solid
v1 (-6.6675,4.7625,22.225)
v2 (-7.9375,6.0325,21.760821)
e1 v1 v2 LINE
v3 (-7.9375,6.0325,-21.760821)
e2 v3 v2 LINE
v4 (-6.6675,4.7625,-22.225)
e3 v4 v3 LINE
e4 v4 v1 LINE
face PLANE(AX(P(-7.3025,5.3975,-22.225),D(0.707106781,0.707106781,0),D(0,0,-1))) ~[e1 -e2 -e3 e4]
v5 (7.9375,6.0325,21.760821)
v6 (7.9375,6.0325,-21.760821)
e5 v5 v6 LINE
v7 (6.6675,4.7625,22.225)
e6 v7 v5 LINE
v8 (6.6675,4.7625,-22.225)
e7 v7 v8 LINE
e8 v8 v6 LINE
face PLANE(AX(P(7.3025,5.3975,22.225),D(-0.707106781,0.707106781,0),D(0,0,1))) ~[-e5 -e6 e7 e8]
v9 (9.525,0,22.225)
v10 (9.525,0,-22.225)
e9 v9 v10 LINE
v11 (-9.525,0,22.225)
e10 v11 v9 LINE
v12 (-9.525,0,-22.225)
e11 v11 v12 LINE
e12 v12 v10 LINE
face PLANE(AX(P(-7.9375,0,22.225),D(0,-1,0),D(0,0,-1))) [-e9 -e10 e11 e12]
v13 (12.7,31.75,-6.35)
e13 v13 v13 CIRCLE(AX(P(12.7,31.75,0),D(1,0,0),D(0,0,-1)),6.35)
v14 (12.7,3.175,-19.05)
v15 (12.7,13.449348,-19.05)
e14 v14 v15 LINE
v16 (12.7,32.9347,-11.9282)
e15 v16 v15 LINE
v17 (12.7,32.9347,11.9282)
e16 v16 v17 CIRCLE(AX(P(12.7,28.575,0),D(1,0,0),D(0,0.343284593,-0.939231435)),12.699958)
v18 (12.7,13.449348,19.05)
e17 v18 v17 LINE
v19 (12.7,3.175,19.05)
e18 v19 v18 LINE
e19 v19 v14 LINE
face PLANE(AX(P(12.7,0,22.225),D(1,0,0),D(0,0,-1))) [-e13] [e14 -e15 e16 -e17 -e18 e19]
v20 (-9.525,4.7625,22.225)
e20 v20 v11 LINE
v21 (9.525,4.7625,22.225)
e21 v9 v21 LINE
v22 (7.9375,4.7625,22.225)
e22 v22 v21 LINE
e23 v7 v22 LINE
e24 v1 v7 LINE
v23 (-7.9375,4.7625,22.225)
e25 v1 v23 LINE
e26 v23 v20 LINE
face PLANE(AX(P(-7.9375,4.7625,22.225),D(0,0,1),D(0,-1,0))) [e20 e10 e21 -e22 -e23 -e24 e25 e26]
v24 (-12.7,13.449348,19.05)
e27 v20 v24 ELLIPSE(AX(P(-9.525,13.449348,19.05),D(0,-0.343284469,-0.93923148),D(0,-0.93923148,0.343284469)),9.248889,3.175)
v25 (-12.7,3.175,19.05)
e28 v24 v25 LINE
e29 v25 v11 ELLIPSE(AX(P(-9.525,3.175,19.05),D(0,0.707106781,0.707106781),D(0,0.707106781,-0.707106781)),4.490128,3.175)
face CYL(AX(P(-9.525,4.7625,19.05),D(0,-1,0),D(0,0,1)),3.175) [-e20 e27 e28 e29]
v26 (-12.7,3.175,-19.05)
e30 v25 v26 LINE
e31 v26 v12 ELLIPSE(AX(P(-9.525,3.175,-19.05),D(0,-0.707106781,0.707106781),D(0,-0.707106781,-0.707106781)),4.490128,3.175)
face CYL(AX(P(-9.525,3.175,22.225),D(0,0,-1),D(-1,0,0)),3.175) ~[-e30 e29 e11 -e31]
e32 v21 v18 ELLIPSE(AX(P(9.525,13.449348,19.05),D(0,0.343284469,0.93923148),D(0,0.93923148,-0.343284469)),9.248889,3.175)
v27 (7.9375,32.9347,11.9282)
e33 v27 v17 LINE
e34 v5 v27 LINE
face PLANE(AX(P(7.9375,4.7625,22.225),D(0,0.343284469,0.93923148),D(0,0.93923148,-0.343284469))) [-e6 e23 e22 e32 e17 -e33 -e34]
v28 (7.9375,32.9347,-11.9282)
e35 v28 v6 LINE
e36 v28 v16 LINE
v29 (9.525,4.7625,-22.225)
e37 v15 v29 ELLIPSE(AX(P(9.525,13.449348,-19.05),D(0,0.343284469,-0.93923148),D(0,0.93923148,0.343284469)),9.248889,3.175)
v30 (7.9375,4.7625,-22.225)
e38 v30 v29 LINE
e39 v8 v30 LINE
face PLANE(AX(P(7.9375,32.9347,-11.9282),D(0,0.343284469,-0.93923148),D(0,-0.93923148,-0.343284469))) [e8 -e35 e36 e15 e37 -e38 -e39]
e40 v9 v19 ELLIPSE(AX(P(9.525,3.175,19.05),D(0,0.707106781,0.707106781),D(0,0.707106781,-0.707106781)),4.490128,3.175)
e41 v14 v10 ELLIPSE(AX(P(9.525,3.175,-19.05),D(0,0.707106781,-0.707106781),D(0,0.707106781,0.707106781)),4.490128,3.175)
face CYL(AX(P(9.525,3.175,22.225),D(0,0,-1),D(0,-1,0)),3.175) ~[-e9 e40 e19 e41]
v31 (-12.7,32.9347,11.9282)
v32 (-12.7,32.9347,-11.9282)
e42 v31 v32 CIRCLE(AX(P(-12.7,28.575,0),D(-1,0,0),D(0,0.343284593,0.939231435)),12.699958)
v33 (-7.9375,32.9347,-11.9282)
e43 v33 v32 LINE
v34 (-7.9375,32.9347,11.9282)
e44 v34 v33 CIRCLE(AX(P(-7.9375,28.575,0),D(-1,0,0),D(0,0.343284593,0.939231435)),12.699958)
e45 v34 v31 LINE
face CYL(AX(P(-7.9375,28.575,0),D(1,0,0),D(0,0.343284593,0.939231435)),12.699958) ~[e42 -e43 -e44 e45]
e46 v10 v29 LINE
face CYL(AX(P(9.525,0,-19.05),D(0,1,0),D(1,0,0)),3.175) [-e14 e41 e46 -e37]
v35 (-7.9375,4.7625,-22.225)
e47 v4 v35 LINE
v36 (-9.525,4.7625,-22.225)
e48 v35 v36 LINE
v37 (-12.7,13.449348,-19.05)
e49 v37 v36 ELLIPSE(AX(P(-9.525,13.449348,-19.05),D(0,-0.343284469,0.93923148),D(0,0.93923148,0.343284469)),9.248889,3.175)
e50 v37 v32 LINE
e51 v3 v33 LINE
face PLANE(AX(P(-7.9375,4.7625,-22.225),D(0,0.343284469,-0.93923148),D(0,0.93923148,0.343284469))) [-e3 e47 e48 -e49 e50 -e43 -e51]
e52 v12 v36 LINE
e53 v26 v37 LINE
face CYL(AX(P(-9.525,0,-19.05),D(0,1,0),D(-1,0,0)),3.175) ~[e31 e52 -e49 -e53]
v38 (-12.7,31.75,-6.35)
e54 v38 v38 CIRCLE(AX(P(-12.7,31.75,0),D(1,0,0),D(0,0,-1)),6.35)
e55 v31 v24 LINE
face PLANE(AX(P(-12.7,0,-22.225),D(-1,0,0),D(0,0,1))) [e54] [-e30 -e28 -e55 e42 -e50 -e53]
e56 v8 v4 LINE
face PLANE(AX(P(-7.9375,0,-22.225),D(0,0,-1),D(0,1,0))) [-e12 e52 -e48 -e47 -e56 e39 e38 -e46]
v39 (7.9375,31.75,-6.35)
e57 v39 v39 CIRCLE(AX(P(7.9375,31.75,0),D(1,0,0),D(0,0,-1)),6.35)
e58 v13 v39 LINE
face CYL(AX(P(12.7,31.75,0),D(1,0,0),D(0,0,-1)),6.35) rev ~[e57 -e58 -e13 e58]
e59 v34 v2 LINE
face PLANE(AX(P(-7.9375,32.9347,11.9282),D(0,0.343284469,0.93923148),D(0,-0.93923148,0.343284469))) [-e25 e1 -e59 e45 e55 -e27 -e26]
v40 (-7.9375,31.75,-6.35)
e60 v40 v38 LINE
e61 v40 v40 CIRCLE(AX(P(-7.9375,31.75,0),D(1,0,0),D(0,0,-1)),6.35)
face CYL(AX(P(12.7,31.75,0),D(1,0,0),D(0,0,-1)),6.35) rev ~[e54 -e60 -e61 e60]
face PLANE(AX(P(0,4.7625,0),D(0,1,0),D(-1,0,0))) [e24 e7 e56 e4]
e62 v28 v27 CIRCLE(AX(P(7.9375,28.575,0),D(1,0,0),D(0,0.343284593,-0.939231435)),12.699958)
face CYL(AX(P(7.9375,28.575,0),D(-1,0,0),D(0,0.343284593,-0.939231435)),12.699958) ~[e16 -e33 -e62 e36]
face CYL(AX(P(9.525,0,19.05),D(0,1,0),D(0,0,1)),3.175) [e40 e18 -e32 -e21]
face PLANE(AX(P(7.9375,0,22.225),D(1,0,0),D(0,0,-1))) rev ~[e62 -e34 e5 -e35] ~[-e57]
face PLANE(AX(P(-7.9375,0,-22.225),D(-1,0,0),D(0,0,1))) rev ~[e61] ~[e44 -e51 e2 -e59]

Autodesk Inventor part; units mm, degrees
sketch "Sketch1" plane through (0, 0, 0) normal (0, 1, 0) x (-1, 0, 0)
  line L0 (7.9375, 22.225) -> (-7.9375, 22.225)
  line L1 (-7.9375, 22.225) -> (-7.9375, -22.225)
  line L2 (-7.9375, -22.225) -> (7.9375, -22.225)
  line L3 (7.9375, -22.225) -> (7.9375, 22.225)
  line L4 (7.9375, 22.225) -> (-7.9375, -22.225) construction
  line L5 (-7.9375, 22.225) -> (7.9375, -22.225) construction
  point P0 (0, 0)
  point P1 (-50.8, 0)
  dimension "d0" = 15.875
  dimension "d1" = 44.45
extrude "Base" add sketch "Sketch1" along normal blind 4.7625
sketch "Sketch2" plane through (7.9375, 0, 22.225) normal (1, 0, 0) x (0, 0, -1)
  line L0 (0, 0) -> (0, 4.7625) projected
  line L1 (0, 4.7625) -> (10.2968, 32.9347)
  line L2 (0, 4.7625) -> (44.45, 4.7625) projected
  line L3 (34.1532, 32.9347) -> (44.45, 4.7625)
  line L4 (0, 0) -> (44.45, 0) projected
  arc A0 (34.1532, 32.9347) -> (10.2968, 32.9347) centre (22.225, 28.575) ccw
  line L5 (0, 0) -> (44.45, 0) projected
  line L6 (44.45, 0) -> (44.45, 4.7625) projected
  line L7 (0, 4.7625) -> (44.45, 4.7625) projected
  line L8 (0, 0) -> (0, 4.7625) projected
  point P0 (22.225, 0)
  point P1 (22.225, 41.275)
  dimension "d10" = 12.7
  dimension "d12" = 41.275
extrude "Vertical 1" add sketch "Sketch2" along normal blind 4.7625
sketch "Sketch5" plane through (-7.9375, 0, -22.225) normal (-1, 0, 0) x (0, 0, 1)
  line L0 (44.45, 4.7625) -> (44.45, 0) projected
  line L1 (44.45, 0) -> (0, 0) projected
  line L2 (0, 0) -> (0, 4.7625) projected
  line L3 (0, 4.7625) -> (10.2968, 32.9347) projected
  arc A0 (34.1532, 32.9347) -> (10.2968, 32.9347) centre (22.225, 28.575) ccw projected
  line L4 (34.1532, 32.9347) -> (44.45, 4.7625) projected
extrude "Vertical 2" add sketch "Sketch5" along normal blind 4.7625
sketch "Sketch6" plane through (12.7, 0, 22.225) normal (1, 0, 0) x (0, 0, -1)
  line L0 (22.225, 0) -> (22.225, 41.275) construction
  arc A0 (34.1532, 32.9347) -> (10.2968, 32.9347) centre (22.225, 28.575) ccw projected
  circle A1 centre (22.225, 31.75) radius 6.35
  dimension "d29" = 12.7
  dimension "d30" = 9.525
extrude "Extrusion8" cut sketch "Sketch6" against normal through all
fillet "Fillet2" radius 3.175 6 edges at (-12.7, 0, 0) (-12.7, 2.3813, -22.225) (12.7, 2.3813, -22.225) (12.7, 2.3813, 22.225) (12.7, 0, 0) (-12.7, 2.3813, 22.225)
chamfer "Chamfer2" distance 1.27 angle 45 2 edges at (-7.9375, 4.7625, 0) (7.9375, 4.7625, 0)
ref_plane "Work Plane2" through (0, 31.75, 0) normal (0, 1, 0) x (-1, 0, 0)
ref_plane "Work Plane1" through (0, 0, 22.225) normal (-1, 0, 0) x (0, 0, 1)
equation "\"BendRadius\" = Thickness"
equation "\"BendReliefWidth\" = Thickness"
equation "\"BendReliefDepth\" = 0.5 * Thickness"
equation "\"CornerReliefSize\" = 4 * Thickness"
equation "\"MinimumRemnant\" = 2 * Thickness"
equation "\"TransitionRadius\" = BendRadius"
equation "\"JacobiRadiusSize\" = BendRadius"
equation "\"GapSize\" = Thickness"
equation "\"Thickness\" = 3.048"
properties part number "0.5 in Rod End Bracket (Rough)"
